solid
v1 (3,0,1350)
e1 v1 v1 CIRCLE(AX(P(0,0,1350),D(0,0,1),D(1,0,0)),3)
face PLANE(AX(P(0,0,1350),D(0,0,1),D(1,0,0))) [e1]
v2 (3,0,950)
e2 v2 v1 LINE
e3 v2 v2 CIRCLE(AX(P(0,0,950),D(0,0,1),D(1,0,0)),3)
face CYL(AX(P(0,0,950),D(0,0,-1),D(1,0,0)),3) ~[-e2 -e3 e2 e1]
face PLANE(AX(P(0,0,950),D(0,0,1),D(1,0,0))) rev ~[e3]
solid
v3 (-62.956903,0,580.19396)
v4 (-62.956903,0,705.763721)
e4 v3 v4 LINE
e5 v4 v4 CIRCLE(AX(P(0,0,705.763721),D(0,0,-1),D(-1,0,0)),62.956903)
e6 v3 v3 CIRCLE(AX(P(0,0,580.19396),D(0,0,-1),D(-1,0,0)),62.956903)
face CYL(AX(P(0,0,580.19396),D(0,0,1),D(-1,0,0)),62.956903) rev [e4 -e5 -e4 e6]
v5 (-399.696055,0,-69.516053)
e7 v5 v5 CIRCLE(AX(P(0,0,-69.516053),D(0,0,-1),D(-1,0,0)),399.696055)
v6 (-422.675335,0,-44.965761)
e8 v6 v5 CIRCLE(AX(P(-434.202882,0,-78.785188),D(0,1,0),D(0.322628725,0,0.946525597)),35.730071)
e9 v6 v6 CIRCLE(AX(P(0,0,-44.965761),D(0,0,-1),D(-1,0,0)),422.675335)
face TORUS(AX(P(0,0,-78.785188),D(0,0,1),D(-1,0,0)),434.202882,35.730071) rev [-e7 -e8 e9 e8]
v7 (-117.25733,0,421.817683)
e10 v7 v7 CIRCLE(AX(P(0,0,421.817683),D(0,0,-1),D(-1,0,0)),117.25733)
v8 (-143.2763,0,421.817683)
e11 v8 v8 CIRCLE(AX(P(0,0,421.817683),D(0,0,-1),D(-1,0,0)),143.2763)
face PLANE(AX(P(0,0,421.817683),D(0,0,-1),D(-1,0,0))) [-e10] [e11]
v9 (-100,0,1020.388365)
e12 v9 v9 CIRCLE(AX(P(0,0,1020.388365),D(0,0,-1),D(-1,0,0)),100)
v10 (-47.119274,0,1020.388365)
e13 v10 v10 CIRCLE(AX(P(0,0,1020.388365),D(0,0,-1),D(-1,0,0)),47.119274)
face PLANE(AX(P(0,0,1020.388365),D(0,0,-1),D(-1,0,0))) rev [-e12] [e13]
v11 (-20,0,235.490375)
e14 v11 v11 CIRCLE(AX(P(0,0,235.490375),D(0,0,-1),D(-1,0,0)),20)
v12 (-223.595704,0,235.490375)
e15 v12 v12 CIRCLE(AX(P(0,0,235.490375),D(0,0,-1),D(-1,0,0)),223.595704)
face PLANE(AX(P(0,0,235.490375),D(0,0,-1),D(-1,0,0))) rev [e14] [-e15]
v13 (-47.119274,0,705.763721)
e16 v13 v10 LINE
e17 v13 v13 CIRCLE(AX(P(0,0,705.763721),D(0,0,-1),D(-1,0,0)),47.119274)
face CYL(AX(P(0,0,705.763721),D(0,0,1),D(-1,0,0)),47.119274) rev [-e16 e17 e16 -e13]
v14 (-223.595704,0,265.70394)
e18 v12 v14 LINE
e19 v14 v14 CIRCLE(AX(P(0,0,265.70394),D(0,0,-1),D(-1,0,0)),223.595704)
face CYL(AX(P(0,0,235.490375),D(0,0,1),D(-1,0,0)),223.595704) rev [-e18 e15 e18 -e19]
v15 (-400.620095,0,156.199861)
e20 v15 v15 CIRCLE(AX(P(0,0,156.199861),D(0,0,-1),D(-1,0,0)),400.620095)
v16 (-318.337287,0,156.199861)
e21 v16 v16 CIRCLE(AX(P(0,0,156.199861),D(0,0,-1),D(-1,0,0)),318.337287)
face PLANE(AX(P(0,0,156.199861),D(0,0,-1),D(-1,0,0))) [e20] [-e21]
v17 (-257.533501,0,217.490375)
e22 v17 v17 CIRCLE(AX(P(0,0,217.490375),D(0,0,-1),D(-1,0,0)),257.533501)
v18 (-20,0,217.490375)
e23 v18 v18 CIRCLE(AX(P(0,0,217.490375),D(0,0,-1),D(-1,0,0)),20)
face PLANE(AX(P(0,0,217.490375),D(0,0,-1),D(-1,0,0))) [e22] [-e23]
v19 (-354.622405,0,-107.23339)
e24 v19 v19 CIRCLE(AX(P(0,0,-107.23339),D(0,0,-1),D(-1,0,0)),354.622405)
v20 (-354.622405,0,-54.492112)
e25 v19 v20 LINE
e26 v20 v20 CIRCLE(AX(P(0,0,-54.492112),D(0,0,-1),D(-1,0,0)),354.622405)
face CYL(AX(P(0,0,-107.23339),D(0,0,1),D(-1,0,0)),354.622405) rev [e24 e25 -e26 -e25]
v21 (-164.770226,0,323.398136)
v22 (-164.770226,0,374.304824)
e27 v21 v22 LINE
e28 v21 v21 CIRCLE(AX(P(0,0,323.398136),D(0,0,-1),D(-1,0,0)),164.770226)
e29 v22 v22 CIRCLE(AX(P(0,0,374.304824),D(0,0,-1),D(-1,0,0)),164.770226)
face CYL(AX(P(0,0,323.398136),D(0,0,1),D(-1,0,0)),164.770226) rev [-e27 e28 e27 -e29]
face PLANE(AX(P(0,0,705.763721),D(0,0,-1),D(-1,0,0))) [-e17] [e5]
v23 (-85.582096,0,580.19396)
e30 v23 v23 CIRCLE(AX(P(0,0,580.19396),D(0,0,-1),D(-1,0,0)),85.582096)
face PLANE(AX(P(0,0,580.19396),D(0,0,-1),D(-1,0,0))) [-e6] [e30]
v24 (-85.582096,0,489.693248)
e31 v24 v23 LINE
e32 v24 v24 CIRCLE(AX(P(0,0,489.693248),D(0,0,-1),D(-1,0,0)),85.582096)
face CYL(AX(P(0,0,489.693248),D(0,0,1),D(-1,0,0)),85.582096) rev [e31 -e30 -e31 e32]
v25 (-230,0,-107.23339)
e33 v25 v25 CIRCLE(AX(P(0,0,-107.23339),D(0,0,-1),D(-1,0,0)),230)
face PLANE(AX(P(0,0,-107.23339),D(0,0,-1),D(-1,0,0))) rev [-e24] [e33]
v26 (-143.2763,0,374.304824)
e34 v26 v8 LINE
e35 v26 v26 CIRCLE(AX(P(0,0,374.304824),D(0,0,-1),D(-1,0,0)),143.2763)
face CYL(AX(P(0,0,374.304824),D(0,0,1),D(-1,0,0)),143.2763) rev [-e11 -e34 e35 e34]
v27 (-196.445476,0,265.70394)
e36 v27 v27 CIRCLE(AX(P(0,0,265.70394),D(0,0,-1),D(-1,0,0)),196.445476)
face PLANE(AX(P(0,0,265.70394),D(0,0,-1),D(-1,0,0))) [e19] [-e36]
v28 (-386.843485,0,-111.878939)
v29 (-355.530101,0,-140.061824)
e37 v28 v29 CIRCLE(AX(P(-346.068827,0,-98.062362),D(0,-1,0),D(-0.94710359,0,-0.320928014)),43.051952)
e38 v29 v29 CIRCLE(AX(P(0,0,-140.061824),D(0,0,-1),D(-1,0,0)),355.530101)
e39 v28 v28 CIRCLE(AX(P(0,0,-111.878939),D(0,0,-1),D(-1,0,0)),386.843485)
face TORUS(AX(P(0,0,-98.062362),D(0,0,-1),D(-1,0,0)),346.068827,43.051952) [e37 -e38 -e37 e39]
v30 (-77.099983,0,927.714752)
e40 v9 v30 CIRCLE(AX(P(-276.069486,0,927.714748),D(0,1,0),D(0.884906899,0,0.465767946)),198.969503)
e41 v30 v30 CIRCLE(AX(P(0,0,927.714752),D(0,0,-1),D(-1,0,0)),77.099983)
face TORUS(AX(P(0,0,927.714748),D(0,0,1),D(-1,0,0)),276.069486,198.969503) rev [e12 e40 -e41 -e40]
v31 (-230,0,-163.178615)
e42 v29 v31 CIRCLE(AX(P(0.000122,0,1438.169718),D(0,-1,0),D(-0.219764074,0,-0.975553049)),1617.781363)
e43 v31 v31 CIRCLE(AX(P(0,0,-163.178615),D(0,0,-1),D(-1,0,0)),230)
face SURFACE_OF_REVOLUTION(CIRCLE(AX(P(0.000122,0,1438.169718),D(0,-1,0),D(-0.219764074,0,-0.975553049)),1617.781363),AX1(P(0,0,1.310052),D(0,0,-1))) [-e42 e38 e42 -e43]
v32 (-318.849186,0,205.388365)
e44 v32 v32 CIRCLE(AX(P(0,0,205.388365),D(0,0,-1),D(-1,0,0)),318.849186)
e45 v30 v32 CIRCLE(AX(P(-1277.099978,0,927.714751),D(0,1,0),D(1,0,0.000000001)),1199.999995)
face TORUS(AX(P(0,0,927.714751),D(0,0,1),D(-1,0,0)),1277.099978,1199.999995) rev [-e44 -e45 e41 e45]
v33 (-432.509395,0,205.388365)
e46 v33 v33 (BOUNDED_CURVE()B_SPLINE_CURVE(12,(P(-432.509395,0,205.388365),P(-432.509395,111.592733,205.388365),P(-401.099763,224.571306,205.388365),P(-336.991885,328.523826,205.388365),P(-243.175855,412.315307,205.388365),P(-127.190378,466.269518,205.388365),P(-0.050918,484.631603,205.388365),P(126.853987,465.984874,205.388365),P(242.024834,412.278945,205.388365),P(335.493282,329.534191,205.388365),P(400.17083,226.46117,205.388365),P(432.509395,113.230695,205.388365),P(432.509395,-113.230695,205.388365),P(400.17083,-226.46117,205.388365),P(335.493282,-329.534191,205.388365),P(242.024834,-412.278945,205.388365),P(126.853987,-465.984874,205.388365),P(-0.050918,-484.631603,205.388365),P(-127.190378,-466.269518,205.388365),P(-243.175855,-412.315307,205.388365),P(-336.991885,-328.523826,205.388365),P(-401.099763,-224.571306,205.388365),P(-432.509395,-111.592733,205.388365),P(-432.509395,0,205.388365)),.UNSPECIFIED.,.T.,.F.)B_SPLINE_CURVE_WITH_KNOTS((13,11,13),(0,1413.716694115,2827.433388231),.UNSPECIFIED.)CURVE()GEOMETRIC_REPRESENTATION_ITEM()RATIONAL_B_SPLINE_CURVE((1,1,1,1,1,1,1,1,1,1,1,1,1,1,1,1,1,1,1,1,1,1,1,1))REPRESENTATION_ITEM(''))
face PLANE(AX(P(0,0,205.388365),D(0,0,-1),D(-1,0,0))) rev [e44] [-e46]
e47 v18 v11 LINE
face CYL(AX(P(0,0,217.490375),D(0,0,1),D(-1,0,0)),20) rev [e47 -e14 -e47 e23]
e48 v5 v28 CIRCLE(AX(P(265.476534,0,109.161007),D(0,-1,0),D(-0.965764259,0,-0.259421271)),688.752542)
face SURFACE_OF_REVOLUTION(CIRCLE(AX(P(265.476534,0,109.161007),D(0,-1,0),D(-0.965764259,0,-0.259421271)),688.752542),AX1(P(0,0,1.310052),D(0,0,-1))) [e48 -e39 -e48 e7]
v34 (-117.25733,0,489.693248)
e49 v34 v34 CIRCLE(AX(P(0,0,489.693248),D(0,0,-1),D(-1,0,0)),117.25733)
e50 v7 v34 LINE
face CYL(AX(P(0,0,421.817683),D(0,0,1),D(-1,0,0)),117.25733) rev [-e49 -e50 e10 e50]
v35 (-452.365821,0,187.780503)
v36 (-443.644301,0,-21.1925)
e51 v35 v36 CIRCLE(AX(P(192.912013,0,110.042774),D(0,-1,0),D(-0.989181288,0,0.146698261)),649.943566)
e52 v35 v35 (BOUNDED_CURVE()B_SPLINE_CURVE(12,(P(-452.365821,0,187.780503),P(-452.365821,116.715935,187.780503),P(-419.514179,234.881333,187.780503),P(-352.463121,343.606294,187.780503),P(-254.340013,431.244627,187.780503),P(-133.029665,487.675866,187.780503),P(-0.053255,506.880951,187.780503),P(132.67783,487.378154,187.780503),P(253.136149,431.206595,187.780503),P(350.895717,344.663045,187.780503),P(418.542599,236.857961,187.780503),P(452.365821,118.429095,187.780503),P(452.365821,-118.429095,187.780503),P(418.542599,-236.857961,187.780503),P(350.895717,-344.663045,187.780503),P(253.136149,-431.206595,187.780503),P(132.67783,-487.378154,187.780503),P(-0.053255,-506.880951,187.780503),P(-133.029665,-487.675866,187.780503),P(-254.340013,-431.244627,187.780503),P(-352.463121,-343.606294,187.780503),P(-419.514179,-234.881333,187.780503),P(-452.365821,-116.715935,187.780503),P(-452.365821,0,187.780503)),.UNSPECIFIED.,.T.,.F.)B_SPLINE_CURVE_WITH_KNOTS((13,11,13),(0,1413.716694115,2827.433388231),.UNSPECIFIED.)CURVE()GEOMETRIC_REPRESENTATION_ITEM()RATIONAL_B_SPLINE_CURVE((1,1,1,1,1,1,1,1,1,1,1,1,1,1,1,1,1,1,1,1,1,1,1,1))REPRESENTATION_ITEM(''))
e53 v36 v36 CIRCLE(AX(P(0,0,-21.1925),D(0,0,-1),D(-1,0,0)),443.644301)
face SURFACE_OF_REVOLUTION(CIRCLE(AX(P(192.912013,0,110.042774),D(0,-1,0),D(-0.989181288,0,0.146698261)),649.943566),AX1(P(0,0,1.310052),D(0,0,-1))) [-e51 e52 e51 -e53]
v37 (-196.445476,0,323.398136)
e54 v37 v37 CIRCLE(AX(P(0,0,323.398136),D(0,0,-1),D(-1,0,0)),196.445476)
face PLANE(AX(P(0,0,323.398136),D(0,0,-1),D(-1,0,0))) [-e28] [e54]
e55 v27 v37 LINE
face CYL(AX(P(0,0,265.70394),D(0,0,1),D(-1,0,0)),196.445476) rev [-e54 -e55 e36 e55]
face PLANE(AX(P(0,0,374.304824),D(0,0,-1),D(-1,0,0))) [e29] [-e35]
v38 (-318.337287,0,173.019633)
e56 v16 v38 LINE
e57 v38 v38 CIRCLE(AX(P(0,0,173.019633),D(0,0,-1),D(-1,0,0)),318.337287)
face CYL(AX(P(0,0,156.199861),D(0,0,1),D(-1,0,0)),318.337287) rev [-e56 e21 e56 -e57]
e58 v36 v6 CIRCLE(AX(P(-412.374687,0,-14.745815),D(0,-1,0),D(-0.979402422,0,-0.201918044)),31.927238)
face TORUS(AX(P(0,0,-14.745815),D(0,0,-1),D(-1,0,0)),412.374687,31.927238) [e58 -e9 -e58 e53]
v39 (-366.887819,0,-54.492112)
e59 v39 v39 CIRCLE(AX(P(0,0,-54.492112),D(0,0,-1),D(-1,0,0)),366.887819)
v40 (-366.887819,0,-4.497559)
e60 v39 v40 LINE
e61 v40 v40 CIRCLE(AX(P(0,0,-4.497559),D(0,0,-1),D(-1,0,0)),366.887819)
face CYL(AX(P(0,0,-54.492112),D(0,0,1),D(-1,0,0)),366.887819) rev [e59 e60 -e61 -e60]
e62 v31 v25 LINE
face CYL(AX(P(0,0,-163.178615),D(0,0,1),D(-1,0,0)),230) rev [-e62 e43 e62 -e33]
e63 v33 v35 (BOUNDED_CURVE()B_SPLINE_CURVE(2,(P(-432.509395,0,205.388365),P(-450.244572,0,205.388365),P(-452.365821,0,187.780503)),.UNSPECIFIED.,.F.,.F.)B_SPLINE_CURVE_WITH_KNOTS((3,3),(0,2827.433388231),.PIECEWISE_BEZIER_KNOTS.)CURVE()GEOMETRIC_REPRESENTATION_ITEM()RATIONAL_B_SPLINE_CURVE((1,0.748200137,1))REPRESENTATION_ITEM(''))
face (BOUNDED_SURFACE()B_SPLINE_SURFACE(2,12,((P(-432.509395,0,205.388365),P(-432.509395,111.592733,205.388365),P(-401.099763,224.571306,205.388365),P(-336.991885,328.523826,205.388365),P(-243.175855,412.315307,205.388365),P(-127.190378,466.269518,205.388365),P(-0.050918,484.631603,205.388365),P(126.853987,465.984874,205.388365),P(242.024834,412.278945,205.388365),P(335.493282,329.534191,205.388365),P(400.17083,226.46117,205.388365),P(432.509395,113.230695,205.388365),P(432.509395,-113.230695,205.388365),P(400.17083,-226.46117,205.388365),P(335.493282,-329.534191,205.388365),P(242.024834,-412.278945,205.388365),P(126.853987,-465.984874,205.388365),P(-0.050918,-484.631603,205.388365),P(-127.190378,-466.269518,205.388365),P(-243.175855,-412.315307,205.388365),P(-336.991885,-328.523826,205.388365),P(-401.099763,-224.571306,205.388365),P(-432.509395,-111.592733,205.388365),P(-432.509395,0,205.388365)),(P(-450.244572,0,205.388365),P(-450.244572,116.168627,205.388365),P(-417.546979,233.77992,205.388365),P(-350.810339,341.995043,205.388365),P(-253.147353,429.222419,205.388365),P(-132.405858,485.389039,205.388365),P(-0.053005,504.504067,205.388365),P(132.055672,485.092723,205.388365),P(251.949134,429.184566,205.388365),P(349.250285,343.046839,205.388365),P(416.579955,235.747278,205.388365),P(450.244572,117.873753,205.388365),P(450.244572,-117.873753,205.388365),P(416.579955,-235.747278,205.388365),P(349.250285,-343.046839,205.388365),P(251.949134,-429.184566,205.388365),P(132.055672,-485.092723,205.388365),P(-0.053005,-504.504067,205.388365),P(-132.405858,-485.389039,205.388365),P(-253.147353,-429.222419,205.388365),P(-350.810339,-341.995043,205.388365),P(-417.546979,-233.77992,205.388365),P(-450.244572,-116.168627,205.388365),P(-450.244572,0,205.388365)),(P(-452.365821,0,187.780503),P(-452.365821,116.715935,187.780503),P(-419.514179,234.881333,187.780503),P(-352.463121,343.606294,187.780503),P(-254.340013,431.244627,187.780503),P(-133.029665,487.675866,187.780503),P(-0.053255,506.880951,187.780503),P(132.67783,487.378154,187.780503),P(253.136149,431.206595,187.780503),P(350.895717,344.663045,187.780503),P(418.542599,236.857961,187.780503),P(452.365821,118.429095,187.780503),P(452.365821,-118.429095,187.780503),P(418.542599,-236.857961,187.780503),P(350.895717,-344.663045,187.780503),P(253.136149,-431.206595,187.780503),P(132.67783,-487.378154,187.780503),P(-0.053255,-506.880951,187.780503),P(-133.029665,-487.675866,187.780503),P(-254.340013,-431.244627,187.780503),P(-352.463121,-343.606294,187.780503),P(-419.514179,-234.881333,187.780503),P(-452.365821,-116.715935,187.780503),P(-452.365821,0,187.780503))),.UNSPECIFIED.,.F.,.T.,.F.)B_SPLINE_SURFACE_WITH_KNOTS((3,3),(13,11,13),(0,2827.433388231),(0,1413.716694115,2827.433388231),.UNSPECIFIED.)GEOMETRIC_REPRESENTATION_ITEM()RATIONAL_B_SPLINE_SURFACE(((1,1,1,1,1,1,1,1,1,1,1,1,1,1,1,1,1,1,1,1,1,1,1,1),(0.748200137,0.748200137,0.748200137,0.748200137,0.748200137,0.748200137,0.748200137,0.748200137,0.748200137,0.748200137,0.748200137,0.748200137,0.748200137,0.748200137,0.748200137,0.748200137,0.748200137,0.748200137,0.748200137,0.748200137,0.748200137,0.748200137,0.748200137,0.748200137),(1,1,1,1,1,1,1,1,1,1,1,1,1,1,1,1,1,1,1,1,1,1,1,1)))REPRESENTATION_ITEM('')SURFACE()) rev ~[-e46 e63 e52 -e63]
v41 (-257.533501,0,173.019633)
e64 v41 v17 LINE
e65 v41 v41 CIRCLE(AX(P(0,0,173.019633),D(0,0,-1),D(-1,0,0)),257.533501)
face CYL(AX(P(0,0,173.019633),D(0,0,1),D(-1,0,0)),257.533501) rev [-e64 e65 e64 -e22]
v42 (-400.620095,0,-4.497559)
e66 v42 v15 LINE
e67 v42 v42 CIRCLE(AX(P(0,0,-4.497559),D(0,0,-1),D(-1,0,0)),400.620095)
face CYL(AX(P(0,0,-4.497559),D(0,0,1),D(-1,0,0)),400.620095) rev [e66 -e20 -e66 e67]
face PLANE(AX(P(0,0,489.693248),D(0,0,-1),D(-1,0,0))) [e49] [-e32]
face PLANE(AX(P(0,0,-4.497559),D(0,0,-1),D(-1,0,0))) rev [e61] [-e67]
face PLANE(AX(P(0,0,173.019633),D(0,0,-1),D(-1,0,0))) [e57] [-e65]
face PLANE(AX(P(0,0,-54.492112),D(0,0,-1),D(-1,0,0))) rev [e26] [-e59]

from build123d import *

# Parameters (mm, degrees)
F3_R     = 3
F4_DEPTH = 400
F5_R     = 20


with BuildPart() as f1:
    # F0 (on Front) → F1 (revolve)
    with BuildSketch(Plane.XZ):
        with BuildLine():
            ThreePointArc((-77.099983, 927.714752), (-139.141074, 546.861077), (-318.849186, 205.388365))
            Line((-318.849186, 205.388365), (-450, 205.388365))
            ThreePointArc((-450, 205.388365), (-456.776006, 91.818722), (-443.644301, -21.1925))
            ThreePointArc((-443.644301, -21.1925), (-436.318656, -35.865352), (-422.675335, -44.965761))
            ThreePointArc((-422.675335, -44.965761), (-408.11706, -54.368639), (-399.696055, -69.516053))
            ThreePointArc((-399.696055, -69.516053), (-393.610218, -90.800785), (-386.843485, -111.878939))
            ThreePointArc((-386.843485, -111.878939), (-374.869538, -130.062199), (-355.530101, -140.061824))
            ThreePointArc((-355.530101, -140.061824), (-292.993125, -152.858722), (-230, -163.178615))
            Line((-230, -163.178615), (-230, -107.23339))
            Line((-230, -107.23339), (-354.622405, -107.23339))
            Line((-354.622405, -107.23339), (-354.622405, -54.492112))
            Line((-354.622405, -54.492112), (-366.887819, -54.492112))
            Line((-366.887819, -54.492112), (-366.887819, -4.497559))
            Line((-366.887819, -4.497559), (-400.620095, -4.497559))
            Line((-400.620095, -4.497559), (-400.620095, 156.199861))
            Line((-400.620095, 156.199861), (-318.337287, 156.199861))
            Line((-318.337287, 156.199861), (-318.337287, 173.019633))
            Line((-318.337287, 173.019633), (-257.533501, 173.019633))
            Line((-257.533501, 173.019633), (-257.533501, 217.490375))
            Line((-257.533501, 217.490375), (-20, 217.490375))
            Line((-20, 217.490375), (-20, 235.490375))
            Line((-20, 235.490375), (-223.595704, 235.490375))
            Line((-223.595704, 235.490375), (-223.595704, 265.70394))
            Line((-223.595704, 265.70394), (-196.445476, 265.70394))
            Line((-196.445476, 265.70394), (-196.445476, 323.398136))
            Line((-196.445476, 323.398136), (-164.770226, 323.398136))
            Line((-164.770226, 323.398136), (-164.770226, 374.304824))
            Line((-164.770226, 374.304824), (-143.2763, 374.304824))
            Line((-143.2763, 374.304824), (-143.2763, 421.817683))
            Line((-143.2763, 421.817683), (-117.25733, 421.817683))
            Line((-117.25733, 421.817683), (-117.25733, 489.693248))
            Line((-117.25733, 489.693248), (-85.582096, 489.693248))
            Line((-85.582096, 489.693248), (-85.582096, 580.19396))
            Line((-85.582096, 580.19396), (-62.956903, 580.19396))
            Line((-62.956903, 580.19396), (-62.956903, 705.763721))
            Line((-62.956903, 705.763721), (-47.119274, 705.763721))
            Line((-47.119274, 705.763721), (-47.119274, 1020.388365))
            Line((-47.119274, 1020.388365), (-100, 1020.388365))
            ThreePointArc((-100, 1020.388365), (-82.90981, 975.44527), (-77.099983, 927.714752))
        make_face()
    revolve(axis=Axis((0, 0, 1.310052), (0, 0, -1)))

    # F5
    f5_edges = [f1.edges().sort_by_distance(p)[0] for p in [
        (450, 0, 205.388365),
    ]]
    fillet(f5_edges, radius=F5_R)


with BuildPart() as f4:
    # F3 (on offset) → F4 (new body)
    with BuildSketch(Plane.XY.offset(950)):
        Circle(F3_R)
    extrude(amount=F4_DEPTH)


solid = Compound([f1.part, f4.part])
